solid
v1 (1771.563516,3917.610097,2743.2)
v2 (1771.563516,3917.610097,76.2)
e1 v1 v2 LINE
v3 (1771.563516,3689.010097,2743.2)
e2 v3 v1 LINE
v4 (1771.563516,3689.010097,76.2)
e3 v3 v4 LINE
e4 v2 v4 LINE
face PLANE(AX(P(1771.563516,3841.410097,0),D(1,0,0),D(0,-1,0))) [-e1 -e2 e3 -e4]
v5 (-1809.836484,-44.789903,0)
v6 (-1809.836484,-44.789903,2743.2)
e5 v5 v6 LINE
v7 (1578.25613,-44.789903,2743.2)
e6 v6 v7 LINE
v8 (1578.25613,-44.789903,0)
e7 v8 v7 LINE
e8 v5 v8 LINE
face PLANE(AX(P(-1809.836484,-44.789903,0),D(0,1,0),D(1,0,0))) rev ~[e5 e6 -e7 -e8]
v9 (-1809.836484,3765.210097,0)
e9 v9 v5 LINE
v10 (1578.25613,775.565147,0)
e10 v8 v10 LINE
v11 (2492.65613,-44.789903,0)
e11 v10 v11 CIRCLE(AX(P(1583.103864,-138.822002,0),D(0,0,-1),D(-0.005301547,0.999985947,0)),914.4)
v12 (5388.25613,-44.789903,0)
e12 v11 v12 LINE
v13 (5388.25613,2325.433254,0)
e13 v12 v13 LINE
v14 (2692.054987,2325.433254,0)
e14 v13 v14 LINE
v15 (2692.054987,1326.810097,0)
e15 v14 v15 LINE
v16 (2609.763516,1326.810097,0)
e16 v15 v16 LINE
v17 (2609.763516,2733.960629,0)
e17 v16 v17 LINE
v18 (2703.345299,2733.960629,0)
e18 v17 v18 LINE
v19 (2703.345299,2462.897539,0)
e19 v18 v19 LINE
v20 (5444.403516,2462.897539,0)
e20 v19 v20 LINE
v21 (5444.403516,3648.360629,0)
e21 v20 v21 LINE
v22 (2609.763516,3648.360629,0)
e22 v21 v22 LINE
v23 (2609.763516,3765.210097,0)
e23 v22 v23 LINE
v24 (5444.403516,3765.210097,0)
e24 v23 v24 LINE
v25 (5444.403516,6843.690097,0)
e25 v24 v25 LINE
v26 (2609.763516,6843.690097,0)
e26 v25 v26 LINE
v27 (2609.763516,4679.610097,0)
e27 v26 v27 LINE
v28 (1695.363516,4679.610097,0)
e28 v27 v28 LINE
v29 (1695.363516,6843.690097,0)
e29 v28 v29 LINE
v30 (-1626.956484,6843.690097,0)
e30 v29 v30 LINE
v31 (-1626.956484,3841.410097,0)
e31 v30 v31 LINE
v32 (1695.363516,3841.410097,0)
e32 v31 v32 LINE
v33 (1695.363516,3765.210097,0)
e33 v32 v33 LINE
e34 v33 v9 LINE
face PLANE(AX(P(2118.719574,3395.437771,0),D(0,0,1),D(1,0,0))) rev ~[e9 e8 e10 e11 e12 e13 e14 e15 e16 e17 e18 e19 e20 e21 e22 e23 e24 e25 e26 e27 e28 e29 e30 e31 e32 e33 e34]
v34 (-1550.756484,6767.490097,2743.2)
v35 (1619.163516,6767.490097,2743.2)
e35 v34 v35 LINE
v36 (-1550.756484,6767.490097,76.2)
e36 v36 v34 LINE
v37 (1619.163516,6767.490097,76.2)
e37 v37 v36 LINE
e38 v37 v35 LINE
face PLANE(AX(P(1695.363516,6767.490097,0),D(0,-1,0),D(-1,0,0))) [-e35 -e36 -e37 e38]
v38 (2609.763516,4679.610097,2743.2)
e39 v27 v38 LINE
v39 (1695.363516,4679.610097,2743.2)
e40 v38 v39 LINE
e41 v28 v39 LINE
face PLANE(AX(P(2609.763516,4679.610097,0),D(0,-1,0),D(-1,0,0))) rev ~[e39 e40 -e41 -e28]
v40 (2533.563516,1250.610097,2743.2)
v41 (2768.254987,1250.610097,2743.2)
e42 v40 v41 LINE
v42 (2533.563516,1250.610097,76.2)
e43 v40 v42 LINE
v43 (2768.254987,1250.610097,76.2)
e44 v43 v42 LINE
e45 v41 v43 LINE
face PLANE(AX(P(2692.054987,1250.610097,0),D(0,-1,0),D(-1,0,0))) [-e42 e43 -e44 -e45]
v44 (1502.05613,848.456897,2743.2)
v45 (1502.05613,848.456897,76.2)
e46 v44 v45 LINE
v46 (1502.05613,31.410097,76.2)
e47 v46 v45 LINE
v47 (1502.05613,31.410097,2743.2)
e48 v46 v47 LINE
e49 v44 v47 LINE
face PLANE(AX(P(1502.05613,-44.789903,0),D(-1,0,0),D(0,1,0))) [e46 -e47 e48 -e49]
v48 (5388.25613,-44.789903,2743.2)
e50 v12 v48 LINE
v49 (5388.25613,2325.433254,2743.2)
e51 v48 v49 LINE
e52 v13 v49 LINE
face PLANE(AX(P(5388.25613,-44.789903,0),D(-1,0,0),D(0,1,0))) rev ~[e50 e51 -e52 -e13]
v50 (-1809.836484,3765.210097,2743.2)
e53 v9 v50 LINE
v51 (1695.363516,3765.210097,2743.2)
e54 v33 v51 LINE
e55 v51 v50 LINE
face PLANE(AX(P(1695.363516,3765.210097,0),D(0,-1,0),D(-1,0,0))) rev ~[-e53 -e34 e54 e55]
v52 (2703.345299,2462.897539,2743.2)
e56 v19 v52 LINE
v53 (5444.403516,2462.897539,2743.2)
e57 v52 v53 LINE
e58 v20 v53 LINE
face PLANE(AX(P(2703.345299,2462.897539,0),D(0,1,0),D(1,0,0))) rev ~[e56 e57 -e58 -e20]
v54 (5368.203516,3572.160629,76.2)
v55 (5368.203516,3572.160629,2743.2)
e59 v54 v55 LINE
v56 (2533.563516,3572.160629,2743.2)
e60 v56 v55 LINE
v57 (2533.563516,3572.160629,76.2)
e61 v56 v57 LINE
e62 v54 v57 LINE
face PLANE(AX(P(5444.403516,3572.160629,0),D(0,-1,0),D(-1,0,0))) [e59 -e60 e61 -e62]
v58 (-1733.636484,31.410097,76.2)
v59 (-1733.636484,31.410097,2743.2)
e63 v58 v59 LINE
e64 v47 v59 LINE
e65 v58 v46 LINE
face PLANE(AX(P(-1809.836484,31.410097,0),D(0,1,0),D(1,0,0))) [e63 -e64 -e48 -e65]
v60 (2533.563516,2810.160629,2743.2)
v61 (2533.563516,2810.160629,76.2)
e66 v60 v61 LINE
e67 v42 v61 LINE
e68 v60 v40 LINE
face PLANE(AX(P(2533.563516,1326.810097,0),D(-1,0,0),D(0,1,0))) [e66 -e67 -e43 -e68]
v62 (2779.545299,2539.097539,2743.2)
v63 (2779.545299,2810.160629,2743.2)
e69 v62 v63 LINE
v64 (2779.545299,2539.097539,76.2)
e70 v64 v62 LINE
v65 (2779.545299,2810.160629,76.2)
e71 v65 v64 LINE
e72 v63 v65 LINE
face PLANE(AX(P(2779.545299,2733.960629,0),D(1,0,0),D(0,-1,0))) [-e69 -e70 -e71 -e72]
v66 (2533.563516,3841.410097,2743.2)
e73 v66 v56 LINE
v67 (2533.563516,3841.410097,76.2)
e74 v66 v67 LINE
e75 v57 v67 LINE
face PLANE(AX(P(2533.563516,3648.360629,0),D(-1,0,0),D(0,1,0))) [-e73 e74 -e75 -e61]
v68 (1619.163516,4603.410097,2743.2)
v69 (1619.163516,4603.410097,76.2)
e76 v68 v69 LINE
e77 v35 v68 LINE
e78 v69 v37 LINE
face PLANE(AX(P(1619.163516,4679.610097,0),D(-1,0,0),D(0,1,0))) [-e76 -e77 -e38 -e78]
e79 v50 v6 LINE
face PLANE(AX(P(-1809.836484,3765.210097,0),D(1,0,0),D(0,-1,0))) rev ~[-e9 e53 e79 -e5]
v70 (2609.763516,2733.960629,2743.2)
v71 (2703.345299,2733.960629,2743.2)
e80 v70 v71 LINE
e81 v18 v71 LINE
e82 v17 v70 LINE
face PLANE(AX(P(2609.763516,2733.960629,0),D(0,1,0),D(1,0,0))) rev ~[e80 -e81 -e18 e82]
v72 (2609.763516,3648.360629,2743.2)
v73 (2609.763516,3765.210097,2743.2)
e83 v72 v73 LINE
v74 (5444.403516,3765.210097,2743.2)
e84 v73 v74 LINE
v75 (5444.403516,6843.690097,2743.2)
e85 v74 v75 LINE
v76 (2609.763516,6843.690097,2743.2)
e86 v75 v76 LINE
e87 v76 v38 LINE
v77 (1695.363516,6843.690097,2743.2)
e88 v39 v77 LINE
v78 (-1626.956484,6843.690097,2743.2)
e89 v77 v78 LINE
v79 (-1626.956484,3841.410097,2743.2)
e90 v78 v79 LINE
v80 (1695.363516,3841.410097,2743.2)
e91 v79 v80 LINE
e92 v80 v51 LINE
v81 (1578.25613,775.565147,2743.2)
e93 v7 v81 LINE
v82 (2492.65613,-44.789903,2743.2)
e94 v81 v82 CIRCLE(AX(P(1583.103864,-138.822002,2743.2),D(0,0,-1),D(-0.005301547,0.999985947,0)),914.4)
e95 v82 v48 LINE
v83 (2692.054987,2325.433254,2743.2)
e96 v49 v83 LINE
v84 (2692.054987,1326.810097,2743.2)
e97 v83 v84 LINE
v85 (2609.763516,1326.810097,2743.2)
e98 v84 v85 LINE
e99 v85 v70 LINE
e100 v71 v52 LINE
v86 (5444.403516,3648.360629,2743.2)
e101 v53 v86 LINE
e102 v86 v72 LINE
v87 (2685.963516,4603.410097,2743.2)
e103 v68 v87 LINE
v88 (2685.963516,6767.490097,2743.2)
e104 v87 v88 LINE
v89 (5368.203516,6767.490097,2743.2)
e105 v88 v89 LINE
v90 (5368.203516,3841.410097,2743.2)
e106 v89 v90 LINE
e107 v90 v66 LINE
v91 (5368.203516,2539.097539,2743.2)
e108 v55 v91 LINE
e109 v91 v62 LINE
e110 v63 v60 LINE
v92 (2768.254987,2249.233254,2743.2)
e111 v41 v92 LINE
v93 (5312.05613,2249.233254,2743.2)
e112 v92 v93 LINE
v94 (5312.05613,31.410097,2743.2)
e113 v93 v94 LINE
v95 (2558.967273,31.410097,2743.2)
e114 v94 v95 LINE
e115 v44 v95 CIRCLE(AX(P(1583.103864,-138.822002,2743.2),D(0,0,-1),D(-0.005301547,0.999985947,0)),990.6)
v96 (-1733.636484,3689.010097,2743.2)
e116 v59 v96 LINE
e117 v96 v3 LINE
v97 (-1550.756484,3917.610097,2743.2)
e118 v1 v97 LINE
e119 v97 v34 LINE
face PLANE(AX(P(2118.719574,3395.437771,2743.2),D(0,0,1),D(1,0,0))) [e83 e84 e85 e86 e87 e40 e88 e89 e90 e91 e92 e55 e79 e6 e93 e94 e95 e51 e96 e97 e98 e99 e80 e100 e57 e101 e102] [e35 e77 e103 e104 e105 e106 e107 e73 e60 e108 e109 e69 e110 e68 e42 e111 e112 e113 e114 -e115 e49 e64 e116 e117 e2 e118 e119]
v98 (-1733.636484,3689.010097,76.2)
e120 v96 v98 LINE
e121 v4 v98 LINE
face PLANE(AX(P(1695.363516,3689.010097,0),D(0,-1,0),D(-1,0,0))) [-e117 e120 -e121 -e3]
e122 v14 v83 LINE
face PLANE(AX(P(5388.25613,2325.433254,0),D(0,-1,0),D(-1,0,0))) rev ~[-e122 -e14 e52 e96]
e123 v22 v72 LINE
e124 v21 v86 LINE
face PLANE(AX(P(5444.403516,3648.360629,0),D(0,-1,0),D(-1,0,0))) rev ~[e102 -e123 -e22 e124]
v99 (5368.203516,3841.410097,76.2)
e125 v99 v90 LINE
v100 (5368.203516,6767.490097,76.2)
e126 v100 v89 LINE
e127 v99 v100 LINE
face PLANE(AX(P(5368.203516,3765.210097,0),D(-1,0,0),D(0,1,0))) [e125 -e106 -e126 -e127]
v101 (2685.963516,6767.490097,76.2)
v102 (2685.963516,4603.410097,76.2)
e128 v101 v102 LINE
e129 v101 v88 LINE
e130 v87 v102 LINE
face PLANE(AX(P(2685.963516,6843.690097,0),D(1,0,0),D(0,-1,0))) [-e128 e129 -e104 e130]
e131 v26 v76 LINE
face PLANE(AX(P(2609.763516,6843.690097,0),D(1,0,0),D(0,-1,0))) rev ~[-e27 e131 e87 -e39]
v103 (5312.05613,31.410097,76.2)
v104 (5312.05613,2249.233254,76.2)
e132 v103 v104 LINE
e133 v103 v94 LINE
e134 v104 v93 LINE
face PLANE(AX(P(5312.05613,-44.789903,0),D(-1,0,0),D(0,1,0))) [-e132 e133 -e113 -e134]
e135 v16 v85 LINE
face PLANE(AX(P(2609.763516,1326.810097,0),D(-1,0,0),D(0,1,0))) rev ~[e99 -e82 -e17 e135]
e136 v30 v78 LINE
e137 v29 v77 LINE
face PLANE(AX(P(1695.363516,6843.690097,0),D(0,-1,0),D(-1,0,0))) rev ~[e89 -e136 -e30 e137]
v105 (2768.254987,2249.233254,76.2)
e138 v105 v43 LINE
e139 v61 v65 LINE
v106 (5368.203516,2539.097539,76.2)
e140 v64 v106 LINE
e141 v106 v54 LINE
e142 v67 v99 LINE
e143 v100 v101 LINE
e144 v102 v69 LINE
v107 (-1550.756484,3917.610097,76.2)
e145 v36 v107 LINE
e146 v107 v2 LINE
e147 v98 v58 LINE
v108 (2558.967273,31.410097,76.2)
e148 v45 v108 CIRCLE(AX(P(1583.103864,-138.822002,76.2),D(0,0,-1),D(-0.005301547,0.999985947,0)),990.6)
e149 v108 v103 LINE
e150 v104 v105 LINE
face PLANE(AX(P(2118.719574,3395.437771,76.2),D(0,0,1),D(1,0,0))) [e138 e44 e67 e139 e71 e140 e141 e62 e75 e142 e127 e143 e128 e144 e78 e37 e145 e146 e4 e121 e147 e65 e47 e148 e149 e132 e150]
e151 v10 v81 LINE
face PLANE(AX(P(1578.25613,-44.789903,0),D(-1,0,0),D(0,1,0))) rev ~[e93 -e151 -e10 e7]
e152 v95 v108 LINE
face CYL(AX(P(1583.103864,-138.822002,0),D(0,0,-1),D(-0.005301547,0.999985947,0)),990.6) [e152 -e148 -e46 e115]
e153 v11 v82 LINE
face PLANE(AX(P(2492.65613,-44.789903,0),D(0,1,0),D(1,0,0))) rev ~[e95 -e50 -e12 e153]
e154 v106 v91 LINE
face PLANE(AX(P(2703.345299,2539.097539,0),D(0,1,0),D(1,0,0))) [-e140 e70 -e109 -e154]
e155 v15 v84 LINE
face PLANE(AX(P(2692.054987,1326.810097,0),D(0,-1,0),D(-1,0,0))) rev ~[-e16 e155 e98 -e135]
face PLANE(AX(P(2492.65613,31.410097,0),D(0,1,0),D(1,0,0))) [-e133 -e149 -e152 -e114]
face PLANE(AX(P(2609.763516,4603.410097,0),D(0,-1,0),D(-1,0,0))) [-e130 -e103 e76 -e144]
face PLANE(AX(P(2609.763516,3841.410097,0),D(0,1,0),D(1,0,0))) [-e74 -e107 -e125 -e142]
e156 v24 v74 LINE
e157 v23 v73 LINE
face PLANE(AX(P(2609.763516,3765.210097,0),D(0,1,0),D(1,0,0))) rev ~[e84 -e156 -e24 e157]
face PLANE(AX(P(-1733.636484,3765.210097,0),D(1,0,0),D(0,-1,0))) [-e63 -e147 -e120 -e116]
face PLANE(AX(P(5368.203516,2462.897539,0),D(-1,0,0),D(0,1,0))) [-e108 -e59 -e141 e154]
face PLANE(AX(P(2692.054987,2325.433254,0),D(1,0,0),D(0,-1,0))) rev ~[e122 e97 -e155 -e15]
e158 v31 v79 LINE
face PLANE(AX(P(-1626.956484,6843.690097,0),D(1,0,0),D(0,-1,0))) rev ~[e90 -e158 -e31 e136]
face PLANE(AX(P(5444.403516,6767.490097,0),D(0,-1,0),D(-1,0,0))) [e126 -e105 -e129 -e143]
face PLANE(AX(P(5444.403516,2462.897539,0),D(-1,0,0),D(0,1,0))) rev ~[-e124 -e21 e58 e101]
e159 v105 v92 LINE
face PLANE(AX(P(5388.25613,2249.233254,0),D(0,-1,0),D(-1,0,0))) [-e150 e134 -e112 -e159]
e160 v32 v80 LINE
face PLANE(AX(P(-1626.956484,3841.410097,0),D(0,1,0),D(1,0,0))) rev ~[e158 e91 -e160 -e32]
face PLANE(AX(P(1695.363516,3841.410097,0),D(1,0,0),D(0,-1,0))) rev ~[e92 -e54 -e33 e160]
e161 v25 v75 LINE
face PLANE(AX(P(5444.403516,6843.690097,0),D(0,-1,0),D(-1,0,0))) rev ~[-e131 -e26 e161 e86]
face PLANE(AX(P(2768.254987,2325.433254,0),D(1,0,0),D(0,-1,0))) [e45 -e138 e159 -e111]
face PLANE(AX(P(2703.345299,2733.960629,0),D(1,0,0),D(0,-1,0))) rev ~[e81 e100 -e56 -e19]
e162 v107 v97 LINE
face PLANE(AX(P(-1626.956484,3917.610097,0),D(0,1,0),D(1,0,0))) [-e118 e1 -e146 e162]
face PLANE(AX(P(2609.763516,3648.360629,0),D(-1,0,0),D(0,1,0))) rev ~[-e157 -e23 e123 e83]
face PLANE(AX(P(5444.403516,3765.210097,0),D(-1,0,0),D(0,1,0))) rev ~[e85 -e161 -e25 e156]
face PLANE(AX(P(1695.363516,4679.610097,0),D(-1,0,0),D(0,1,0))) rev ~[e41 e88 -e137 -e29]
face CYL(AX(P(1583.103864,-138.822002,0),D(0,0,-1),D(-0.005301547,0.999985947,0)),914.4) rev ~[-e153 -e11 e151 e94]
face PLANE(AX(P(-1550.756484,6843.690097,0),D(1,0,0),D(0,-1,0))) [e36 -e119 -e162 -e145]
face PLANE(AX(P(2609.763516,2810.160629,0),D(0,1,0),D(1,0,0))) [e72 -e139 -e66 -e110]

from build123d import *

# Parameters (mm, degrees)
F1_DEPTH = 2743.2
F2_T     = -76.2


with BuildPart() as f1:
    # F0 (on Top) → F1 (new body)
    with BuildSketch(Plane.XY):
        with BuildLine():
            Line((-1626.9564836884, 3765.2100971341), (-1809.8364836884, 3765.2100971341))
            Line((-1809.8364836884, 3765.2100971341), (-1809.8364836884, -44.7899028659))
            Line((-1809.8364836884, -44.7899028659), (1578.2561302185, -44.7899028659))
            Line((1578.2561302185, -44.7899028659), (1578.2561302185, 775.5651473999))
            ThreePointArc((1578.2561302185, 775.5651473999), (2193.7331910054, 541.8094585642), (2492.6561302185, -44.7899028659))
            Line((2492.6561302185, -44.7899028659), (5388.2561302185, -44.7899028659))
            Line((5388.2561302185, -44.7899028659), (5388.2561302185, 1326.8100971341))
            Line((5388.2561302185, 1326.8100971341), (5388.2561302185, 2325.4332542419))
            Line((5388.2561302185, 2325.4332542419), (2692.0549869537, 2325.4332542419))
            Line((2692.0549869537, 2325.4332542419), (2692.0549869537, 1326.8100971341))
            Line((2692.0549869537, 1326.8100971341), (2609.7635163116, 1326.8100971341))
            Line((2609.7635163116, 1326.8100971341), (2609.7635163116, 2733.9606285095))
            Line((2609.7635163116, 2733.9606285095), (2703.3452987671, 2733.9606285095))
            Line((2703.3452987671, 2733.9606285095), (2703.3452987671, 2462.8975391388))
            Line((2703.3452987671, 2462.8975391388), (5444.4035163116, 2462.8975391388))
            Line((5444.4035163116, 2462.8975391388), (5444.4035163116, 2733.9606285095))
            Line((5444.4035163116, 2733.9606285095), (5444.4035163116, 3648.3606285095))
            Line((5444.4035163116, 3648.3606285095), (2609.7635163116, 3648.3606285095))
            Line((2609.7635163116, 3648.3606285095), (2609.7635163116, 3765.2100971341))
            Line((2609.7635163116, 3765.2100971341), (5444.4035163116, 3765.2100971341))
            Line((5444.4035163116, 3765.2100971341), (5444.4035163116, 6843.6900971341))
            Line((5444.4035163116, 6843.6900971341), (2609.7635163116, 6843.6900971341))
            Line((2609.7635163116, 6843.6900971341), (2609.7635163116, 4679.6100971341))
            Line((2609.7635163116, 4679.6100971341), (1695.3635163116, 4679.6100971341))
            Line((1695.3635163116, 4679.6100971341), (1695.3635163116, 6843.6900971341))
            Line((1695.3635163116, 6843.6900971341), (-1626.9564836884, 6843.6900971341))
            Line((-1626.9564836884, 6843.6900971341), (-1626.9564836884, 3841.4100971341))
            Line((-1626.9564836884, 3841.4100971341), (1695.3635163116, 3841.4100971341))
            Line((1695.3635163116, 3841.4100971341), (1695.3635163116, 3765.2100971341))
            Line((1695.3635163116, 3765.2100971341), (-1626.9564836884, 3765.2100971341))
        make_face()
    extrude(amount=F1_DEPTH)

    # F2
    f2_openings = [f1.faces().sort_by_distance(p)[0] for p in [
        (1807.109587, 3326.533844, 2743.2),
    ]]
    offset(amount=F2_T, openings=f2_openings, kind=Kind.INTERSECTION)


solid = f1.part
